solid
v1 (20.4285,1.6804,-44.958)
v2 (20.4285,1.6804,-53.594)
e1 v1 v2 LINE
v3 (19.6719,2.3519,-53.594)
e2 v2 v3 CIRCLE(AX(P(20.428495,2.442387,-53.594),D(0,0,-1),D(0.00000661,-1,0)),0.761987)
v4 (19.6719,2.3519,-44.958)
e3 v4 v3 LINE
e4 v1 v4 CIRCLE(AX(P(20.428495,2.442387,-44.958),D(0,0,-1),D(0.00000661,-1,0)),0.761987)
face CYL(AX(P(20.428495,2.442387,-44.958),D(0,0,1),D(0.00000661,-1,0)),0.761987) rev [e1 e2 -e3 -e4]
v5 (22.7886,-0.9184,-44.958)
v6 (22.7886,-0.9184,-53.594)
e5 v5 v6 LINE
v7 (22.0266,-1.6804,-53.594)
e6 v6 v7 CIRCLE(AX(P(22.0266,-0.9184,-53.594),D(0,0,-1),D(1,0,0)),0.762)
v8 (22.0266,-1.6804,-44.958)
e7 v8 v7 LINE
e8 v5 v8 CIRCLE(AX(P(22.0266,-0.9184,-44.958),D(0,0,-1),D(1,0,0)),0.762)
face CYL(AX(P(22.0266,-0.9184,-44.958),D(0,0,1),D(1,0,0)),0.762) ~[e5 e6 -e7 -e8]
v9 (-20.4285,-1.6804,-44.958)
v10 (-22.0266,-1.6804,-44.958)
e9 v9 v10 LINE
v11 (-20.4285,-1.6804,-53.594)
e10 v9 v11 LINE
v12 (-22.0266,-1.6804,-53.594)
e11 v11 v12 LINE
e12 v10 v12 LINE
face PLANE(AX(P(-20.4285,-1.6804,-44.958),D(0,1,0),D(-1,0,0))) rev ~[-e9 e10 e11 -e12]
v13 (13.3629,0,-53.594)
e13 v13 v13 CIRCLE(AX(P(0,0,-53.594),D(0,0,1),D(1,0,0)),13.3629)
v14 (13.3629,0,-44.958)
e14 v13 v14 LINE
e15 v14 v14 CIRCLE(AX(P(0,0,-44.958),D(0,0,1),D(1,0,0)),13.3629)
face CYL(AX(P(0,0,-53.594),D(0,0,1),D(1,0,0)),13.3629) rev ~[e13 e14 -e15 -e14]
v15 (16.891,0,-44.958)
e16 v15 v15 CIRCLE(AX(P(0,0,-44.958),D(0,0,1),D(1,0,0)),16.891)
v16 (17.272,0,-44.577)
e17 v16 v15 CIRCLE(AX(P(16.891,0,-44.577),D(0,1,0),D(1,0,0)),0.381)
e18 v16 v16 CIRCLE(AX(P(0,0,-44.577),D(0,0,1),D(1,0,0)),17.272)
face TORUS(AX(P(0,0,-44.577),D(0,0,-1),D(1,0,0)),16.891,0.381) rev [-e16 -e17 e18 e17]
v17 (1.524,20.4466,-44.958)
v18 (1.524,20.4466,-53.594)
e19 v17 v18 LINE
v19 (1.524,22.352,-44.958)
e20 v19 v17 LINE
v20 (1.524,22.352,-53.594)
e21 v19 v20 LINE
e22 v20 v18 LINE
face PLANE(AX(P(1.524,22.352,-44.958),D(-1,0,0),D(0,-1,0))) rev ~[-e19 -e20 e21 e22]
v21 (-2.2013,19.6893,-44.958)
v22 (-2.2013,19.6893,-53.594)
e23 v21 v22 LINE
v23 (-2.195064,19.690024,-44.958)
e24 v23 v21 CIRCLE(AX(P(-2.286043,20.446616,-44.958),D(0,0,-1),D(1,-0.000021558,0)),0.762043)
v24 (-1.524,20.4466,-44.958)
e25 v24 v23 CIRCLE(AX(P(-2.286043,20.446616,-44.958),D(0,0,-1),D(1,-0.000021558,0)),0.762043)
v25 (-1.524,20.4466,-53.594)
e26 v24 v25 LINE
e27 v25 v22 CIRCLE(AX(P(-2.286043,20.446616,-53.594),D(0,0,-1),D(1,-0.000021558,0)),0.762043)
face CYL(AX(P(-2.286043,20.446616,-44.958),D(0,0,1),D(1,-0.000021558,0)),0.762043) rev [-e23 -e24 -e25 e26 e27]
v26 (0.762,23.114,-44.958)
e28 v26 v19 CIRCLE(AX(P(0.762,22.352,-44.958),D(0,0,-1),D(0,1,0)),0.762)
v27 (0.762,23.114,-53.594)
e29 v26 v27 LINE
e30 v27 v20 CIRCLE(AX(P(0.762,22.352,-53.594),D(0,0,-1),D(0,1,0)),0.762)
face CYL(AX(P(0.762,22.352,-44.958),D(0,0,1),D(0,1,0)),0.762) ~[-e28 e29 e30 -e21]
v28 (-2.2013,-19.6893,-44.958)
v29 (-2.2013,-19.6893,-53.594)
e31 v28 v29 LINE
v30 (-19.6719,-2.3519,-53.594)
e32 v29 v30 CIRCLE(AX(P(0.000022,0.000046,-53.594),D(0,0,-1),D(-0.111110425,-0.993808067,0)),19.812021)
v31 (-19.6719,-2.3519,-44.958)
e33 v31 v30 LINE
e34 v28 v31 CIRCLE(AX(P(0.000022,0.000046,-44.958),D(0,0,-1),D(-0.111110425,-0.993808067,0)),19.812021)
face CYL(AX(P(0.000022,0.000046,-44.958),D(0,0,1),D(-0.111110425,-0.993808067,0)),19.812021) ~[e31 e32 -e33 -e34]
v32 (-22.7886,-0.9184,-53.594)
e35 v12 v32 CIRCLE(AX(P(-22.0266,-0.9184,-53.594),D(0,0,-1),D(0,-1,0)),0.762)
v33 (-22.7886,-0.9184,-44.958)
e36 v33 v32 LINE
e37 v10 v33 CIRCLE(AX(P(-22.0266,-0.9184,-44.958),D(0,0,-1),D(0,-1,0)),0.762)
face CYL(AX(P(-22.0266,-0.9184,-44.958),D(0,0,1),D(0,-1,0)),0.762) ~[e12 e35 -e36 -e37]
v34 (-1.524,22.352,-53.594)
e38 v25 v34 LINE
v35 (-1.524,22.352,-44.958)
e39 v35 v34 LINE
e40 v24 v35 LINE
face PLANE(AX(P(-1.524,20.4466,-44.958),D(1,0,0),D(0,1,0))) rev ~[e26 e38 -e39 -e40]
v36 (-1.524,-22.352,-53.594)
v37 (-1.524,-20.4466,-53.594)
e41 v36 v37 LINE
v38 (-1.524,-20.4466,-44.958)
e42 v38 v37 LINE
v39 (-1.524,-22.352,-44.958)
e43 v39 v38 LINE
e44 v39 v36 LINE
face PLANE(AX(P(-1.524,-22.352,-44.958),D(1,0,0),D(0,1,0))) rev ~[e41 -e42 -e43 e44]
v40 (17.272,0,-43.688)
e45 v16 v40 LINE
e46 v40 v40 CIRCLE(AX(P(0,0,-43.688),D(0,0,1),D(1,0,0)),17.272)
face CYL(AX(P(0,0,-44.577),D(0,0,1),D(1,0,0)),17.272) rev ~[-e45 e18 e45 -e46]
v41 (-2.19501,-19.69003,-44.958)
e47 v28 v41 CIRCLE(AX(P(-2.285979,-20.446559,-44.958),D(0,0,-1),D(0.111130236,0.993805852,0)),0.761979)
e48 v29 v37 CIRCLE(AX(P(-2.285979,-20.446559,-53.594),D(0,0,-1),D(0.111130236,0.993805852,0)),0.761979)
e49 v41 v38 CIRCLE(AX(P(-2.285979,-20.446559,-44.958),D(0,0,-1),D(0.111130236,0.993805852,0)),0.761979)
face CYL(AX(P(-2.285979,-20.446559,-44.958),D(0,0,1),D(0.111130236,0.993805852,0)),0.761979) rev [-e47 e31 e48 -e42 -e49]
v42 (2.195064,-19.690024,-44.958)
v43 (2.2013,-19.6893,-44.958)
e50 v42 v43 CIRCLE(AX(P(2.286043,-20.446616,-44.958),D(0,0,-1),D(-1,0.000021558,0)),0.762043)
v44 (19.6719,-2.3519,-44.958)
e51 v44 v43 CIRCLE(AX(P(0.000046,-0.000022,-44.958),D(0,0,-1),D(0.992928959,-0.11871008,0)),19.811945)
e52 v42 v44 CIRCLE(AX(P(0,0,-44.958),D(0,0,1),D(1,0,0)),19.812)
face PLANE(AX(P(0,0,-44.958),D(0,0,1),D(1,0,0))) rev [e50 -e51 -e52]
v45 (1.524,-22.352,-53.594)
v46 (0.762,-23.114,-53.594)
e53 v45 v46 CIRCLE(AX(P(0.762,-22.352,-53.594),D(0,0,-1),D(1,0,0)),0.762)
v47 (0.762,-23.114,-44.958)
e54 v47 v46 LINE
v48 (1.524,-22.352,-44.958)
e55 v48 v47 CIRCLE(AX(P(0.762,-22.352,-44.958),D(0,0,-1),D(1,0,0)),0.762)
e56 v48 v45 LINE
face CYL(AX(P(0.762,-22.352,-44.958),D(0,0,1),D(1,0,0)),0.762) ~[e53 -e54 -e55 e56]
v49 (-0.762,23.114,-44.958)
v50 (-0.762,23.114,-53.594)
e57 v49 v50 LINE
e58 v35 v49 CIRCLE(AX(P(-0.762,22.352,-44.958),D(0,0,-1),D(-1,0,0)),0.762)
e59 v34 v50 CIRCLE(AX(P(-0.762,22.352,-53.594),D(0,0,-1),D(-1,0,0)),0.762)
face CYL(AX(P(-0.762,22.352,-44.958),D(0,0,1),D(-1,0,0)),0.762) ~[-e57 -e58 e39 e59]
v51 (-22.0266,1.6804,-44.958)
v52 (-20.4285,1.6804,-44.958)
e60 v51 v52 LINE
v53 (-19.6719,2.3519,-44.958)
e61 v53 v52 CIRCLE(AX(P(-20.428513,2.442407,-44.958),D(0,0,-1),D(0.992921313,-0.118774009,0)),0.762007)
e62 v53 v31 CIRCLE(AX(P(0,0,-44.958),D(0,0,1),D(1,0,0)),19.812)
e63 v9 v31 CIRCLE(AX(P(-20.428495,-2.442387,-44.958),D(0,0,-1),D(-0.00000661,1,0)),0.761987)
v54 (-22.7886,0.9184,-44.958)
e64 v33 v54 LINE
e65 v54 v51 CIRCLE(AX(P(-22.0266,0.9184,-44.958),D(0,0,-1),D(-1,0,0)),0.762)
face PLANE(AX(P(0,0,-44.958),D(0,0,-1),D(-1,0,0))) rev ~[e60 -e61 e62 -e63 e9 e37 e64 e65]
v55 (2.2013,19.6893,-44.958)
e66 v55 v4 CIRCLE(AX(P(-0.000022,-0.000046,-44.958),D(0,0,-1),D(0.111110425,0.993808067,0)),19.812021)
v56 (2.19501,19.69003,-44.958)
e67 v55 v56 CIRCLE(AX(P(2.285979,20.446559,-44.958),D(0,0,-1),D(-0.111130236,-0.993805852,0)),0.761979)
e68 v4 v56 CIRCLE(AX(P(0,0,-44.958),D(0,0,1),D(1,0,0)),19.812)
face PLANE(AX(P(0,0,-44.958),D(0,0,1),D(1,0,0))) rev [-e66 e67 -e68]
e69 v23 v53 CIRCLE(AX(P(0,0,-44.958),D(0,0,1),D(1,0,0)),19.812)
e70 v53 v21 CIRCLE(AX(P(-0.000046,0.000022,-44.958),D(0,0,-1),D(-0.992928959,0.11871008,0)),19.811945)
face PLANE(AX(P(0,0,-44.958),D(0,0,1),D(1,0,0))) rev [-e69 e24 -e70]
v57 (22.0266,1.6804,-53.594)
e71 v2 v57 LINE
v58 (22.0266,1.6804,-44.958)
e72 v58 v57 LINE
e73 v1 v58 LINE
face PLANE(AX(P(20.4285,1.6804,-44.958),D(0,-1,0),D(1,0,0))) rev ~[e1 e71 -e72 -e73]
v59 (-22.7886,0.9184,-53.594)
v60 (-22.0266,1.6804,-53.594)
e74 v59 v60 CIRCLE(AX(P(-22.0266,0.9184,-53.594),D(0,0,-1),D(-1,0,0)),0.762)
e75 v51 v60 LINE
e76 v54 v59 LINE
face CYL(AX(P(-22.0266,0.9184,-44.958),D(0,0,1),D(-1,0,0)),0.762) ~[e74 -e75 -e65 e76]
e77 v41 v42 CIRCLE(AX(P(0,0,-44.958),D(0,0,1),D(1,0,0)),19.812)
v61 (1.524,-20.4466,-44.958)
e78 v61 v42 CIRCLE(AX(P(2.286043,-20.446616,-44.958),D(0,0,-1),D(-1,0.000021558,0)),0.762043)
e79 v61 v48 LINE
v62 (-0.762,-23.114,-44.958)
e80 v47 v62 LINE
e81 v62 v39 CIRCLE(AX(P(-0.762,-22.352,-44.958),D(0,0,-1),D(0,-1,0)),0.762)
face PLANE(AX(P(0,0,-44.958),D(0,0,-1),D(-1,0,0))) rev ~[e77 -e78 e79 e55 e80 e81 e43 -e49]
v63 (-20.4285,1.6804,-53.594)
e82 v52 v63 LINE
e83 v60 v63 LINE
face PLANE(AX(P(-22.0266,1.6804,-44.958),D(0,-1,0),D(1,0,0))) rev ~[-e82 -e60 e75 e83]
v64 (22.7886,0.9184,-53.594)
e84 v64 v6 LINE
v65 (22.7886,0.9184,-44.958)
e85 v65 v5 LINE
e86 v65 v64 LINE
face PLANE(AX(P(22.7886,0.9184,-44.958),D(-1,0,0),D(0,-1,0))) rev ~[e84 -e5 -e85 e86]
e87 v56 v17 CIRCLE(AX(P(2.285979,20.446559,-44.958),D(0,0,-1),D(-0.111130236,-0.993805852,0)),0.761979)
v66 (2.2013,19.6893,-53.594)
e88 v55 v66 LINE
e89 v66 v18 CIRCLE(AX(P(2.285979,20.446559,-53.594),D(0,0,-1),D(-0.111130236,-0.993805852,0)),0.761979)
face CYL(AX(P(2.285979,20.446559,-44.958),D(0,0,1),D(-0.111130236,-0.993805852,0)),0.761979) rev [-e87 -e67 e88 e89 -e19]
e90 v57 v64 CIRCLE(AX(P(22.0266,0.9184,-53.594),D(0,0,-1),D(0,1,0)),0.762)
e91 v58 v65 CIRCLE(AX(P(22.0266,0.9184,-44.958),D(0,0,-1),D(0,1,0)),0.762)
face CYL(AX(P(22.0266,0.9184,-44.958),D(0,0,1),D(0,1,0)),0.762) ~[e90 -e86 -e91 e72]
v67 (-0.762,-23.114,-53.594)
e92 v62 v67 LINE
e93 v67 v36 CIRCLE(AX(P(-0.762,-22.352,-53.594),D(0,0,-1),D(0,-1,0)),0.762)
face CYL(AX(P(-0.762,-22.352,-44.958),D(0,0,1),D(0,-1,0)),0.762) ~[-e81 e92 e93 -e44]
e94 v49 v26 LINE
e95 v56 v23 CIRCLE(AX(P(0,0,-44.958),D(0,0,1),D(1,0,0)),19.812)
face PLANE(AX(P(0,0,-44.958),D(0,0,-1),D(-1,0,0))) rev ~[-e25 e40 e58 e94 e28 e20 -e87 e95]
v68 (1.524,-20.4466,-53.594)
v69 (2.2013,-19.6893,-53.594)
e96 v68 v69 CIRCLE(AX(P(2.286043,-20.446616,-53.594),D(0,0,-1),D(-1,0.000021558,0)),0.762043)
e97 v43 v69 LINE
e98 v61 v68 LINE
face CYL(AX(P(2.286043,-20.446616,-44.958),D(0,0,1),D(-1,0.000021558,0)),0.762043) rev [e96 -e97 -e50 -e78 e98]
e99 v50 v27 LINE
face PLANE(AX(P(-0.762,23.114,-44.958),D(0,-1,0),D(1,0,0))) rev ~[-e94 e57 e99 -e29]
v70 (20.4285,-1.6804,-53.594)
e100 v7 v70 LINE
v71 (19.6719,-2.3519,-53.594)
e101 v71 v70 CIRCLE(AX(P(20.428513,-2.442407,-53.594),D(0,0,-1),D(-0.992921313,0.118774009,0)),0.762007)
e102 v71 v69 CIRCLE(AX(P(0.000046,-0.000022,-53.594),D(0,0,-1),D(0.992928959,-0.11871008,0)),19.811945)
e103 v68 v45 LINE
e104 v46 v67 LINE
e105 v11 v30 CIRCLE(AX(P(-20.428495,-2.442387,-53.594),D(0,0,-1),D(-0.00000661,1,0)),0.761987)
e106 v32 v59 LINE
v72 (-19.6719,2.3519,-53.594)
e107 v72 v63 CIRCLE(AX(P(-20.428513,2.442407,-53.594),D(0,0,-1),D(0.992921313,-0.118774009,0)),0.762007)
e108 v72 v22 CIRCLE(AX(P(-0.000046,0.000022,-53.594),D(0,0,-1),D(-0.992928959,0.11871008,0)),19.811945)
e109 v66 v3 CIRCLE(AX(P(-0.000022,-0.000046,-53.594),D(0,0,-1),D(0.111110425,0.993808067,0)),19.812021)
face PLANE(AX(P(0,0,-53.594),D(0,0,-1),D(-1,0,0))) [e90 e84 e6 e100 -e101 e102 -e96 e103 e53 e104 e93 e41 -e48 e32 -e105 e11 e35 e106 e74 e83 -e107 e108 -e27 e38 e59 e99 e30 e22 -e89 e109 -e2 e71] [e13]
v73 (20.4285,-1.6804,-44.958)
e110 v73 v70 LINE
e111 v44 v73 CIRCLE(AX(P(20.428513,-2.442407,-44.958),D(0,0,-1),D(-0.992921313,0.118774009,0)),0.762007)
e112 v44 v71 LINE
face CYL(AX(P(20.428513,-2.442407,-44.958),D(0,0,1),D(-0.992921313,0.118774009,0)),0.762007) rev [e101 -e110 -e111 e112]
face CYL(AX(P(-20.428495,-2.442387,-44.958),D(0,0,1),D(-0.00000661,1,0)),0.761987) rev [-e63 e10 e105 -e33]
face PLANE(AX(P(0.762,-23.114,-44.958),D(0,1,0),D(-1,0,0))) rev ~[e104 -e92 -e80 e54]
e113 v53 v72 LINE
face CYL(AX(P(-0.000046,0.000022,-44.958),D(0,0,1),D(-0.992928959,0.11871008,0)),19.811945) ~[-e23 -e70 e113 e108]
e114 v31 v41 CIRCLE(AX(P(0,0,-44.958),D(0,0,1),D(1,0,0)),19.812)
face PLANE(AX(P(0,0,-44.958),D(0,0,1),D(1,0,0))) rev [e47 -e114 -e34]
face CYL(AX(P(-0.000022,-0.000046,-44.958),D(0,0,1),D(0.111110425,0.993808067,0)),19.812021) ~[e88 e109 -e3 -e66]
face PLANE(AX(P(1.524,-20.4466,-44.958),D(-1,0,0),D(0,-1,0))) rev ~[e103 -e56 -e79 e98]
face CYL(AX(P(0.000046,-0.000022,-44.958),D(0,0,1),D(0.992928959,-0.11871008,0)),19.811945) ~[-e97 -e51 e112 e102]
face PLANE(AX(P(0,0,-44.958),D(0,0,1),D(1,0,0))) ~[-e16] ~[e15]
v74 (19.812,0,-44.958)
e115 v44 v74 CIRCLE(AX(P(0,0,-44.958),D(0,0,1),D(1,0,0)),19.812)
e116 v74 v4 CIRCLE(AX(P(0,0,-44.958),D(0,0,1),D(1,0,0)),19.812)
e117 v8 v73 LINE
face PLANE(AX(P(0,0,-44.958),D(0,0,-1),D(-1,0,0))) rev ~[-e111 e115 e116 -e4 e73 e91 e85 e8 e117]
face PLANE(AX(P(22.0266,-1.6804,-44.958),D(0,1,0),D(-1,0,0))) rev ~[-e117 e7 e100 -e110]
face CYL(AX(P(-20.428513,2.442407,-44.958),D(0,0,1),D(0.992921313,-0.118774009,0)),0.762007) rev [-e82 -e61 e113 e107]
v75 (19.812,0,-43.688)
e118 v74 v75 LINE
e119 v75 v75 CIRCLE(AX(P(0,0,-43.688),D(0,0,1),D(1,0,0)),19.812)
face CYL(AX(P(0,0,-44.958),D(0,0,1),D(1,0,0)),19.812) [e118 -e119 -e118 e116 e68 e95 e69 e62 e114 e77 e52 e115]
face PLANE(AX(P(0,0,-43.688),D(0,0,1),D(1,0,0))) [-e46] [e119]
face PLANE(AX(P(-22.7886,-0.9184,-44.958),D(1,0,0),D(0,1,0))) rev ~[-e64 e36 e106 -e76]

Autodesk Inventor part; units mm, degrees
sketch "Sketch1" plane through (0, 0, 0) normal (0, 1, 0) x (-1, 0, 0)
  line L0 (0, -43.688) -> (0, -44.958)
  line L1 (0, -44.958) -> (-19.812, -44.958)
  line L2 (-19.812, -44.958) -> (-19.812, -43.688)
  line L3 (-19.812, -43.688) -> (0, -43.688)
  line L4 (0, -43.688) -> (0, -44.958)
revolve "Revolution1" add sketch "Sketch1" angle 360 about axis through (0, 0, -43.688) along (0, 0, 1)
sketch "Sketch4" plane through (0, 0, -44.958) normal (0, 0, -1) x (-1, 0, 0)
  arc A0 (-22.7886, -0.9184) -> (-22.0266, -1.6804) centre (-22.0266, -0.9184) ccw
  line L0 (-22.0266, -1.6804) -> (-20.4285, -1.6804)
  arc A1 (-19.6719, -2.3519) -> (-20.4285, -1.6804) centre (-20.4285, -2.4424) ccw
  arc A2 (-19.6719, -2.3519) -> (-2.2013, -19.6893) centre (0, 0) ccw
  arc A3 (-1.524, -20.4466) -> (-2.2013, -19.6893) centre (-2.286, -20.4466) ccw
  line L1 (-1.524, -20.4466) -> (-1.524, -22.352)
  arc A4 (-1.524, -22.352) -> (-0.762, -23.114) centre (-0.762, -22.352) ccw
  line L2 (-0.762, -23.114) -> (0.762, -23.114)
  arc A5 (0.762, -23.114) -> (1.524, -22.352) centre (0.762, -22.352) ccw
  line L3 (1.524, -22.352) -> (1.524, -20.4466)
  arc A6 (2.2013, -19.6893) -> (1.524, -20.4466) centre (2.286, -20.4466) ccw
  arc A7 (2.2013, -19.6893) -> (19.6719, -2.3519) centre (0, 0) ccw
  arc A8 (20.4285, -1.6804) -> (19.6719, -2.3519) centre (20.4285, -2.4424) ccw
  line L4 (20.4285, -1.6804) -> (22.0266, -1.6804)
  arc A9 (22.0266, -1.6804) -> (22.7886, -0.9184) centre (22.0266, -0.9184) ccw
  line L5 (22.7886, -0.9184) -> (22.7886, 0.9184)
  arc A10 (22.7886, 0.9184) -> (22.0266, 1.6804) centre (22.0266, 0.9184) ccw
  line L6 (22.0266, 1.6804) -> (20.4285, 1.6804)
  arc A11 (19.6719, 2.3519) -> (20.4285, 1.6804) centre (20.4285, 2.4424) ccw
  arc A12 (19.6719, 2.3519) -> (2.2013, 19.6893) centre (0, 0) ccw
  arc A13 (1.524, 20.4466) -> (2.2013, 19.6893) centre (2.286, 20.4466) ccw
  line L7 (1.524, 20.4466) -> (1.524, 22.352)
  arc A14 (1.524, 22.352) -> (0.762, 23.114) centre (0.762, 22.352) ccw
  line L8 (0.762, 23.114) -> (-0.762, 23.114)
  arc A15 (-0.762, 23.114) -> (-1.524, 22.352) centre (-0.762, 22.352) ccw
  line L9 (-1.524, 22.352) -> (-1.524, 20.4466)
  arc A16 (-2.2013, 19.6893) -> (-1.524, 20.4466) centre (-2.286, 20.4466) ccw
  arc A17 (-2.2013, 19.6893) -> (-19.6719, 2.3519) centre (0, 0) ccw
  arc A18 (-20.4285, 1.6804) -> (-19.6719, 2.3519) centre (-20.4285, 2.4424) ccw
  line L10 (-20.4285, 1.6804) -> (-22.0266, 1.6804)
  arc A19 (-22.0266, 1.6804) -> (-22.7886, 0.9184) centre (-22.0266, 0.9184) ccw
  line L11 (-22.7886, 0.9184) -> (-22.7886, -0.9184)
extrude "Extrusion1" add sketch "Sketch4" along normal blind 8.636
sketch "Sketch7" plane through (0, 0, 0) normal (0, 1, 0) x (-1, 0, 0)
  line L0 (0, -43.688) -> (0, -53.594)
  line L1 (0, -53.594) -> (-13.3629, -53.594)
  line L2 (-13.3629, -53.594) -> (-13.3629, -44.958)
  line L3 (-13.3629, -44.958) -> (-16.891, -44.958)
  arc A0 (-17.272, -44.577) -> (-16.891, -44.958) centre (-16.891, -44.577) ccw
  line L4 (-17.272, -44.577) -> (-17.272, -43.688)
  line L5 (-17.272, -43.688) -> (0, -43.688)
  line L6 (0, -43.688) -> (0, -53.594)
revolve "Revolution2" cut sketch "Sketch7" angle 360 about axis through (0, 0, -43.688) along (0, 0, 1)
ref_plane "0_XY" through (0, 0, 0) normal (0, 0, 1) x (1, 0, 0)
ref_plane "0_YZ" through (0, 0, 0) normal (1, 0, 0) x (0, 1, 0)
ref_plane "0_ZX" through (0, 0, 0) normal (0, 1, 0) x (0, 0, 1)
properties part number "hfc12_panel_tight"
